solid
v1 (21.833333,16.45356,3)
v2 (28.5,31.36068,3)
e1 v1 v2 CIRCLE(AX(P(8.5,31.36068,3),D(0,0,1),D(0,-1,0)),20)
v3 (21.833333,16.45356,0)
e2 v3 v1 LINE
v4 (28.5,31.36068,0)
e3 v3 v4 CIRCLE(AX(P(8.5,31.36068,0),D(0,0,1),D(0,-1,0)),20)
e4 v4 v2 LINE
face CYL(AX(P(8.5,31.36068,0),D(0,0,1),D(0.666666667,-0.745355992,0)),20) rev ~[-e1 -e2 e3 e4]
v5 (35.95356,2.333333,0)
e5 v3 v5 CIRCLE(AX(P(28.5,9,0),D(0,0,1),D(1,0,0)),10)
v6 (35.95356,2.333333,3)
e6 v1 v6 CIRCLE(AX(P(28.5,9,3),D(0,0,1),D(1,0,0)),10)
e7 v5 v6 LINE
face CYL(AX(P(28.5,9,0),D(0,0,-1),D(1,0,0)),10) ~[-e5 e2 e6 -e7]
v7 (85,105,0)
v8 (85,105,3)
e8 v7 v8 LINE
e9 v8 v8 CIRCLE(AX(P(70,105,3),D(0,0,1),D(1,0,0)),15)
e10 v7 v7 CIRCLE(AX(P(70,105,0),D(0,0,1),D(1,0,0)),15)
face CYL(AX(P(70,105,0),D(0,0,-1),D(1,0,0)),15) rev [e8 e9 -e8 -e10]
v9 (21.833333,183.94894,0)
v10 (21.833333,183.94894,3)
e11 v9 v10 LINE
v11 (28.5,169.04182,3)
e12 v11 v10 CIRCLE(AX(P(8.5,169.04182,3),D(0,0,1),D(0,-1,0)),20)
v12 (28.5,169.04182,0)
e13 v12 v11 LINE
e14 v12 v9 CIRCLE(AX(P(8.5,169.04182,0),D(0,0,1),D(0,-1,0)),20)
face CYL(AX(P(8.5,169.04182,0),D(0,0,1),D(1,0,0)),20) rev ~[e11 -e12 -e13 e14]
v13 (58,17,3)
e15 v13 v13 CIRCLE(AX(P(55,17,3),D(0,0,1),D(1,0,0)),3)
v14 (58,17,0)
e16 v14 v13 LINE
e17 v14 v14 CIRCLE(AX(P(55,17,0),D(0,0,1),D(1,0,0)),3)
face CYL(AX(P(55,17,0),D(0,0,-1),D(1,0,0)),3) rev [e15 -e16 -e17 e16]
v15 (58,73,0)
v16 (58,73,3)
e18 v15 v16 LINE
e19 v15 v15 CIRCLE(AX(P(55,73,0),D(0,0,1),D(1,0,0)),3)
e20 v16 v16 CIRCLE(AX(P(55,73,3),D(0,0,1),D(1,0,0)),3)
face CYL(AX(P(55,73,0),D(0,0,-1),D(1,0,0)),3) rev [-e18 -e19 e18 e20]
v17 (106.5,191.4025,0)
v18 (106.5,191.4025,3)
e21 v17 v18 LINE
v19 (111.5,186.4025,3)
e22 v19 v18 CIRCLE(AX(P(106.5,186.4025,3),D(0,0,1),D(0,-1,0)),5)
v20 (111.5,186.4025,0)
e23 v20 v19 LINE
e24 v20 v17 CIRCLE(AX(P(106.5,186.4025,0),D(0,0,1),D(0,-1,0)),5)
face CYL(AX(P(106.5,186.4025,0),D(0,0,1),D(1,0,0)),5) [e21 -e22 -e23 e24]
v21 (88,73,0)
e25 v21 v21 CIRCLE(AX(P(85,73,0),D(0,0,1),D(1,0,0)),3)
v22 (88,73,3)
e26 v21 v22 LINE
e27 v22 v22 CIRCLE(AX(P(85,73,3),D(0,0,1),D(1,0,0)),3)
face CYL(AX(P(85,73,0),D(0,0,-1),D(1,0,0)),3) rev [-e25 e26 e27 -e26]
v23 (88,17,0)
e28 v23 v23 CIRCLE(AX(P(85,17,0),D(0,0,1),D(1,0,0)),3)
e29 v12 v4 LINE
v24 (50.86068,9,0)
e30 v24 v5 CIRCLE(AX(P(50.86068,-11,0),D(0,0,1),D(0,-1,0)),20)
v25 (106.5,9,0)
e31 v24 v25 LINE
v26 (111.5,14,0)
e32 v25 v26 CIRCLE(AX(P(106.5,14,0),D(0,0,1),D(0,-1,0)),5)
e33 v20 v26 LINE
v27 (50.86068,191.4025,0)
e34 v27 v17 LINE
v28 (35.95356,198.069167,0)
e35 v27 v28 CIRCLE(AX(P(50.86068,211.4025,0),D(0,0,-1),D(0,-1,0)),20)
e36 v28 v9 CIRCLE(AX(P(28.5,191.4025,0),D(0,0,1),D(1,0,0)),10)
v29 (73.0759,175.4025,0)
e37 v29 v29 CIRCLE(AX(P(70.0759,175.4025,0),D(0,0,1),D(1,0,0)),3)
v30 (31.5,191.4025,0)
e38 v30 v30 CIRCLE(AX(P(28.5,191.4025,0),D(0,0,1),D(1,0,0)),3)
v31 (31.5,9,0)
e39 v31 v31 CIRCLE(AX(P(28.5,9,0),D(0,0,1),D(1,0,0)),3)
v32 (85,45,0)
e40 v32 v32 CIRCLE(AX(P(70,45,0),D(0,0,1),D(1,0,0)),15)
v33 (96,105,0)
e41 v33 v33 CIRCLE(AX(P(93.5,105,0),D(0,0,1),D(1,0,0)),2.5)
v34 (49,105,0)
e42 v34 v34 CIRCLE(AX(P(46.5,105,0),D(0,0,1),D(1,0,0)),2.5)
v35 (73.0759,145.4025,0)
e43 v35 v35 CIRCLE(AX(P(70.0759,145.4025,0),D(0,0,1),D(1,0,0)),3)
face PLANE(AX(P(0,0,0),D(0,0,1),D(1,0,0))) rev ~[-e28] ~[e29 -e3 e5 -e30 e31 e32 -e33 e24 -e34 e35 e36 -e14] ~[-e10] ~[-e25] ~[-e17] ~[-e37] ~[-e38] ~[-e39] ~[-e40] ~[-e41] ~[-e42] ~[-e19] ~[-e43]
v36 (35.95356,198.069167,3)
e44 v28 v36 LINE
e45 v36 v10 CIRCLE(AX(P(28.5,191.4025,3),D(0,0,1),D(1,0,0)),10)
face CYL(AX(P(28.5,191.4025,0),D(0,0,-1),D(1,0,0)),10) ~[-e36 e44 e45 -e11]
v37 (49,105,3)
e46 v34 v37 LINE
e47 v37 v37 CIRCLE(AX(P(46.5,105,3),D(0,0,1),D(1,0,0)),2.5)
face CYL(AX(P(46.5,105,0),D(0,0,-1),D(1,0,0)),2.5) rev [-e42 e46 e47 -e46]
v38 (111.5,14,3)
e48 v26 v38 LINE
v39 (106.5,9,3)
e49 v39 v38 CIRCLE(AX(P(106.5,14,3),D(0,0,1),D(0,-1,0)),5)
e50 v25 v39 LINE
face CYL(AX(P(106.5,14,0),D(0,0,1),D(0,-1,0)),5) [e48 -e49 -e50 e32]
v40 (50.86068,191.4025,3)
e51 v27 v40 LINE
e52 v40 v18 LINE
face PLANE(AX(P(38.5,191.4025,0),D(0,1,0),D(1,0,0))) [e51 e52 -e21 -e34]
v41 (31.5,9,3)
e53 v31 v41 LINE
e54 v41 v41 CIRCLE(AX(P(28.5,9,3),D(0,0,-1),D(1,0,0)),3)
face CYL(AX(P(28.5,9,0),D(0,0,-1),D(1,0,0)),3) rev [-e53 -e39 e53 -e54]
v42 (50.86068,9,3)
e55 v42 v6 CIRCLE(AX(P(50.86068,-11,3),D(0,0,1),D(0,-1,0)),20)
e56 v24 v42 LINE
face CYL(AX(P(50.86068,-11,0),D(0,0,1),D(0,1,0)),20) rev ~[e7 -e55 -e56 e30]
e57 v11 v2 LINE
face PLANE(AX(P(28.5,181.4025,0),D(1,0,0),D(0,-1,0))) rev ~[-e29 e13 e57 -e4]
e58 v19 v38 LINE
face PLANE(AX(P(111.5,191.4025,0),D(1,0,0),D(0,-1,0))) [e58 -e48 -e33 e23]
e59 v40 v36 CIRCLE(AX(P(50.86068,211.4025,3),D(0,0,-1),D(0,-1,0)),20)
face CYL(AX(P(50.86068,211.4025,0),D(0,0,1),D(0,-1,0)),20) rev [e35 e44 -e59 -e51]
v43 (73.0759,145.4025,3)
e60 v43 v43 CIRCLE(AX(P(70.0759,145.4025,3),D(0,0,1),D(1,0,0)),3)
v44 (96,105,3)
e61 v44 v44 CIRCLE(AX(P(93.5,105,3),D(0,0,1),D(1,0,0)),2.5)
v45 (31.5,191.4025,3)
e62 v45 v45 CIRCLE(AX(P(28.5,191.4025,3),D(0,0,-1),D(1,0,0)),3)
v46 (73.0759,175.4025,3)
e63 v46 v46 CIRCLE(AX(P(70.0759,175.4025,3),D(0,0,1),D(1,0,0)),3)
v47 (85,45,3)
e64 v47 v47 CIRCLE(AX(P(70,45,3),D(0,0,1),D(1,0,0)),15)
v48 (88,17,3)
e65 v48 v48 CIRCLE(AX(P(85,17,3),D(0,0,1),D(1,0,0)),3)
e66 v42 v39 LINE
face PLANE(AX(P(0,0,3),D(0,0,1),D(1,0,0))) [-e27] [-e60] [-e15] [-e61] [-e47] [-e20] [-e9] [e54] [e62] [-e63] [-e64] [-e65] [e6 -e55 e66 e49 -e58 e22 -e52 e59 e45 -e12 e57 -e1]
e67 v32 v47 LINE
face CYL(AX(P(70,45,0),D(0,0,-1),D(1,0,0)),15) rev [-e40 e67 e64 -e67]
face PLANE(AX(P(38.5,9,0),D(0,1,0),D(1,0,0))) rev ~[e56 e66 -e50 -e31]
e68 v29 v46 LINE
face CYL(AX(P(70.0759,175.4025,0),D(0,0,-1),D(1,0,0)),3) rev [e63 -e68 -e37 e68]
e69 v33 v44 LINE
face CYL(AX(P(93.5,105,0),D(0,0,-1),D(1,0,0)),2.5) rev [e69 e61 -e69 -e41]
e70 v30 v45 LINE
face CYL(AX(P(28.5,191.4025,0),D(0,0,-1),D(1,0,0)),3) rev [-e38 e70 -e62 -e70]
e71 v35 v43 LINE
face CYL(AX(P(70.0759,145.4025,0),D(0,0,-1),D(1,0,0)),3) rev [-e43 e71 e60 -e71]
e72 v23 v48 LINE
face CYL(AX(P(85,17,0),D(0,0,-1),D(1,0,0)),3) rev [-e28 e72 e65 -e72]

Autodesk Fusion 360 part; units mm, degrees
sketch "Sketch1" plane through (0, 0, 0) normal (0, 0, 1) x (1, 0, 0)
  line L0 (99.5, 80) -> (40.5, 80)
  line L1 (40.5, 80) -> (40.5, 10)
  line L2 (40.5, 10) -> (99.5, 10)
  line L3 (99.5, 10) -> (99.5, 80)
  line L4 (99.5, 80) -> (40.5, 10) construction
  line L5 (40.5, 80) -> (99.5, 10) construction
  line L6 (40.5, 73) -> (100, 73) construction
  line L7 (70, 45) -> (70, 80) construction
  circle A0 centre (55, 73) radius 3
  circle A1 centre (85, 73) radius 3
  line L8 (70, 45) -> (40, 45) construction
  circle A2 centre (55, 17) radius 3
  circle A3 centre (85, 17) radius 3
  circle A4 centre (70, 45) radius 15
  line L9 (101.5, 127.5) -> (38.5, 82.5) construction
  line L10 (101.5, 82.5) -> (38.5, 127.5) construction
  line L11 (101.5, 127.5) -> (38.5, 127.5)
  line L12 (101.5, 82.5) -> (101.5, 127.5)
  line L13 (38.5, 82.5) -> (101.5, 82.5)
  line L14 (38.5, 127.5) -> (38.5, 82.5)
  circle A5 centre (46.5, 105) radius 2.5
  circle A6 centre (70, 105) radius 15
  circle A7 centre (93.5, 105) radius 2.5
  line L15 (70, 80) -> (70, 120) construction
  line L16 (45.0759, 190.4025) -> (95.0759, 190.4025)
  line L17 (95.0759, 190.4025) -> (95.0759, 130.4025)
  line L18 (95.0759, 130.4025) -> (45.0759, 130.4025)
  line L19 (45.0759, 130.4025) -> (45.0759, 190.4025)
  line L20 (70.0759, 190.4025) -> (70.0759, 130.4025) construction
  line L21 (70.0759, 160.4025) -> (95.0759, 160.4025) construction
  circle A8 centre (70.0759, 175.4025) radius 3
  circle A9 centre (70.0759, 145.4025) radius 3
  line L22 (28.5, 191.4025) -> (28.5, 9)
  line L23 (111.5, 191.4025) -> (111.5, 9)
  line L24 (28.5, 191.4025) -> (111.5, 191.4025)
  line L25 (28.5, 9) -> (111.5, 9)
  circle A10 centre (28.5, 191.4025) radius 3
  circle A11 centre (28.5, 191.4025) radius 10
  circle A12 centre (28.5, 9) radius 3
  circle A13 centre (28.5, 9) radius 10
  point P0 (70, 45)
  dimension "d1" = 59
  dimension "d2" = 70
  dimension "d3" = 7
  dimension "d5" = 6
  dimension "d6" = 15
  dimension "d7" = 30
  dimension "d8" = 45
  dimension "d9" = 63
  dimension "d10" = 5
  dimension "d11" = 30
  dimension "d12" = 50
  dimension "d13" = 60
  dimension "d14" = 6
  dimension "d15" = 15
  dimension "d16" = 10
  dimension "d17" = 10
  dimension "d18" = 1
  dimension "d19" = 1
  dimension "d22" = 6
  dimension "d23" = 20
  dimension "d24" = 6
  dimension "d25" = 20
extrude "Extrude1" add sketch "Sketch1" along normal blind 3 contours L0 L1 L2 L3 | L11 L12 L13 L14 | L16 L17 L18 L19 | L22 L24 A10 A11 | L22 L24 A10 A11 | L22 L23 L24 L25 A11 A13 | L22 L25 A12 A13 | L22 L25 A12 A13
fillet "Fillet1" radius 20 2 edges at (38.5, 191.4025, 1.5) (28.5, 181.4025, 1.5)
fillet "Fillet2" radius 20 2 edges at (38.5, 9, 1.5) (28.5, 19, 1.5)
fillet "Fillet3" radius 5 2 edges at (111.5, 191.4025, 1.5) (111.5, 9, 1.5)
equation "d17 = d16"
